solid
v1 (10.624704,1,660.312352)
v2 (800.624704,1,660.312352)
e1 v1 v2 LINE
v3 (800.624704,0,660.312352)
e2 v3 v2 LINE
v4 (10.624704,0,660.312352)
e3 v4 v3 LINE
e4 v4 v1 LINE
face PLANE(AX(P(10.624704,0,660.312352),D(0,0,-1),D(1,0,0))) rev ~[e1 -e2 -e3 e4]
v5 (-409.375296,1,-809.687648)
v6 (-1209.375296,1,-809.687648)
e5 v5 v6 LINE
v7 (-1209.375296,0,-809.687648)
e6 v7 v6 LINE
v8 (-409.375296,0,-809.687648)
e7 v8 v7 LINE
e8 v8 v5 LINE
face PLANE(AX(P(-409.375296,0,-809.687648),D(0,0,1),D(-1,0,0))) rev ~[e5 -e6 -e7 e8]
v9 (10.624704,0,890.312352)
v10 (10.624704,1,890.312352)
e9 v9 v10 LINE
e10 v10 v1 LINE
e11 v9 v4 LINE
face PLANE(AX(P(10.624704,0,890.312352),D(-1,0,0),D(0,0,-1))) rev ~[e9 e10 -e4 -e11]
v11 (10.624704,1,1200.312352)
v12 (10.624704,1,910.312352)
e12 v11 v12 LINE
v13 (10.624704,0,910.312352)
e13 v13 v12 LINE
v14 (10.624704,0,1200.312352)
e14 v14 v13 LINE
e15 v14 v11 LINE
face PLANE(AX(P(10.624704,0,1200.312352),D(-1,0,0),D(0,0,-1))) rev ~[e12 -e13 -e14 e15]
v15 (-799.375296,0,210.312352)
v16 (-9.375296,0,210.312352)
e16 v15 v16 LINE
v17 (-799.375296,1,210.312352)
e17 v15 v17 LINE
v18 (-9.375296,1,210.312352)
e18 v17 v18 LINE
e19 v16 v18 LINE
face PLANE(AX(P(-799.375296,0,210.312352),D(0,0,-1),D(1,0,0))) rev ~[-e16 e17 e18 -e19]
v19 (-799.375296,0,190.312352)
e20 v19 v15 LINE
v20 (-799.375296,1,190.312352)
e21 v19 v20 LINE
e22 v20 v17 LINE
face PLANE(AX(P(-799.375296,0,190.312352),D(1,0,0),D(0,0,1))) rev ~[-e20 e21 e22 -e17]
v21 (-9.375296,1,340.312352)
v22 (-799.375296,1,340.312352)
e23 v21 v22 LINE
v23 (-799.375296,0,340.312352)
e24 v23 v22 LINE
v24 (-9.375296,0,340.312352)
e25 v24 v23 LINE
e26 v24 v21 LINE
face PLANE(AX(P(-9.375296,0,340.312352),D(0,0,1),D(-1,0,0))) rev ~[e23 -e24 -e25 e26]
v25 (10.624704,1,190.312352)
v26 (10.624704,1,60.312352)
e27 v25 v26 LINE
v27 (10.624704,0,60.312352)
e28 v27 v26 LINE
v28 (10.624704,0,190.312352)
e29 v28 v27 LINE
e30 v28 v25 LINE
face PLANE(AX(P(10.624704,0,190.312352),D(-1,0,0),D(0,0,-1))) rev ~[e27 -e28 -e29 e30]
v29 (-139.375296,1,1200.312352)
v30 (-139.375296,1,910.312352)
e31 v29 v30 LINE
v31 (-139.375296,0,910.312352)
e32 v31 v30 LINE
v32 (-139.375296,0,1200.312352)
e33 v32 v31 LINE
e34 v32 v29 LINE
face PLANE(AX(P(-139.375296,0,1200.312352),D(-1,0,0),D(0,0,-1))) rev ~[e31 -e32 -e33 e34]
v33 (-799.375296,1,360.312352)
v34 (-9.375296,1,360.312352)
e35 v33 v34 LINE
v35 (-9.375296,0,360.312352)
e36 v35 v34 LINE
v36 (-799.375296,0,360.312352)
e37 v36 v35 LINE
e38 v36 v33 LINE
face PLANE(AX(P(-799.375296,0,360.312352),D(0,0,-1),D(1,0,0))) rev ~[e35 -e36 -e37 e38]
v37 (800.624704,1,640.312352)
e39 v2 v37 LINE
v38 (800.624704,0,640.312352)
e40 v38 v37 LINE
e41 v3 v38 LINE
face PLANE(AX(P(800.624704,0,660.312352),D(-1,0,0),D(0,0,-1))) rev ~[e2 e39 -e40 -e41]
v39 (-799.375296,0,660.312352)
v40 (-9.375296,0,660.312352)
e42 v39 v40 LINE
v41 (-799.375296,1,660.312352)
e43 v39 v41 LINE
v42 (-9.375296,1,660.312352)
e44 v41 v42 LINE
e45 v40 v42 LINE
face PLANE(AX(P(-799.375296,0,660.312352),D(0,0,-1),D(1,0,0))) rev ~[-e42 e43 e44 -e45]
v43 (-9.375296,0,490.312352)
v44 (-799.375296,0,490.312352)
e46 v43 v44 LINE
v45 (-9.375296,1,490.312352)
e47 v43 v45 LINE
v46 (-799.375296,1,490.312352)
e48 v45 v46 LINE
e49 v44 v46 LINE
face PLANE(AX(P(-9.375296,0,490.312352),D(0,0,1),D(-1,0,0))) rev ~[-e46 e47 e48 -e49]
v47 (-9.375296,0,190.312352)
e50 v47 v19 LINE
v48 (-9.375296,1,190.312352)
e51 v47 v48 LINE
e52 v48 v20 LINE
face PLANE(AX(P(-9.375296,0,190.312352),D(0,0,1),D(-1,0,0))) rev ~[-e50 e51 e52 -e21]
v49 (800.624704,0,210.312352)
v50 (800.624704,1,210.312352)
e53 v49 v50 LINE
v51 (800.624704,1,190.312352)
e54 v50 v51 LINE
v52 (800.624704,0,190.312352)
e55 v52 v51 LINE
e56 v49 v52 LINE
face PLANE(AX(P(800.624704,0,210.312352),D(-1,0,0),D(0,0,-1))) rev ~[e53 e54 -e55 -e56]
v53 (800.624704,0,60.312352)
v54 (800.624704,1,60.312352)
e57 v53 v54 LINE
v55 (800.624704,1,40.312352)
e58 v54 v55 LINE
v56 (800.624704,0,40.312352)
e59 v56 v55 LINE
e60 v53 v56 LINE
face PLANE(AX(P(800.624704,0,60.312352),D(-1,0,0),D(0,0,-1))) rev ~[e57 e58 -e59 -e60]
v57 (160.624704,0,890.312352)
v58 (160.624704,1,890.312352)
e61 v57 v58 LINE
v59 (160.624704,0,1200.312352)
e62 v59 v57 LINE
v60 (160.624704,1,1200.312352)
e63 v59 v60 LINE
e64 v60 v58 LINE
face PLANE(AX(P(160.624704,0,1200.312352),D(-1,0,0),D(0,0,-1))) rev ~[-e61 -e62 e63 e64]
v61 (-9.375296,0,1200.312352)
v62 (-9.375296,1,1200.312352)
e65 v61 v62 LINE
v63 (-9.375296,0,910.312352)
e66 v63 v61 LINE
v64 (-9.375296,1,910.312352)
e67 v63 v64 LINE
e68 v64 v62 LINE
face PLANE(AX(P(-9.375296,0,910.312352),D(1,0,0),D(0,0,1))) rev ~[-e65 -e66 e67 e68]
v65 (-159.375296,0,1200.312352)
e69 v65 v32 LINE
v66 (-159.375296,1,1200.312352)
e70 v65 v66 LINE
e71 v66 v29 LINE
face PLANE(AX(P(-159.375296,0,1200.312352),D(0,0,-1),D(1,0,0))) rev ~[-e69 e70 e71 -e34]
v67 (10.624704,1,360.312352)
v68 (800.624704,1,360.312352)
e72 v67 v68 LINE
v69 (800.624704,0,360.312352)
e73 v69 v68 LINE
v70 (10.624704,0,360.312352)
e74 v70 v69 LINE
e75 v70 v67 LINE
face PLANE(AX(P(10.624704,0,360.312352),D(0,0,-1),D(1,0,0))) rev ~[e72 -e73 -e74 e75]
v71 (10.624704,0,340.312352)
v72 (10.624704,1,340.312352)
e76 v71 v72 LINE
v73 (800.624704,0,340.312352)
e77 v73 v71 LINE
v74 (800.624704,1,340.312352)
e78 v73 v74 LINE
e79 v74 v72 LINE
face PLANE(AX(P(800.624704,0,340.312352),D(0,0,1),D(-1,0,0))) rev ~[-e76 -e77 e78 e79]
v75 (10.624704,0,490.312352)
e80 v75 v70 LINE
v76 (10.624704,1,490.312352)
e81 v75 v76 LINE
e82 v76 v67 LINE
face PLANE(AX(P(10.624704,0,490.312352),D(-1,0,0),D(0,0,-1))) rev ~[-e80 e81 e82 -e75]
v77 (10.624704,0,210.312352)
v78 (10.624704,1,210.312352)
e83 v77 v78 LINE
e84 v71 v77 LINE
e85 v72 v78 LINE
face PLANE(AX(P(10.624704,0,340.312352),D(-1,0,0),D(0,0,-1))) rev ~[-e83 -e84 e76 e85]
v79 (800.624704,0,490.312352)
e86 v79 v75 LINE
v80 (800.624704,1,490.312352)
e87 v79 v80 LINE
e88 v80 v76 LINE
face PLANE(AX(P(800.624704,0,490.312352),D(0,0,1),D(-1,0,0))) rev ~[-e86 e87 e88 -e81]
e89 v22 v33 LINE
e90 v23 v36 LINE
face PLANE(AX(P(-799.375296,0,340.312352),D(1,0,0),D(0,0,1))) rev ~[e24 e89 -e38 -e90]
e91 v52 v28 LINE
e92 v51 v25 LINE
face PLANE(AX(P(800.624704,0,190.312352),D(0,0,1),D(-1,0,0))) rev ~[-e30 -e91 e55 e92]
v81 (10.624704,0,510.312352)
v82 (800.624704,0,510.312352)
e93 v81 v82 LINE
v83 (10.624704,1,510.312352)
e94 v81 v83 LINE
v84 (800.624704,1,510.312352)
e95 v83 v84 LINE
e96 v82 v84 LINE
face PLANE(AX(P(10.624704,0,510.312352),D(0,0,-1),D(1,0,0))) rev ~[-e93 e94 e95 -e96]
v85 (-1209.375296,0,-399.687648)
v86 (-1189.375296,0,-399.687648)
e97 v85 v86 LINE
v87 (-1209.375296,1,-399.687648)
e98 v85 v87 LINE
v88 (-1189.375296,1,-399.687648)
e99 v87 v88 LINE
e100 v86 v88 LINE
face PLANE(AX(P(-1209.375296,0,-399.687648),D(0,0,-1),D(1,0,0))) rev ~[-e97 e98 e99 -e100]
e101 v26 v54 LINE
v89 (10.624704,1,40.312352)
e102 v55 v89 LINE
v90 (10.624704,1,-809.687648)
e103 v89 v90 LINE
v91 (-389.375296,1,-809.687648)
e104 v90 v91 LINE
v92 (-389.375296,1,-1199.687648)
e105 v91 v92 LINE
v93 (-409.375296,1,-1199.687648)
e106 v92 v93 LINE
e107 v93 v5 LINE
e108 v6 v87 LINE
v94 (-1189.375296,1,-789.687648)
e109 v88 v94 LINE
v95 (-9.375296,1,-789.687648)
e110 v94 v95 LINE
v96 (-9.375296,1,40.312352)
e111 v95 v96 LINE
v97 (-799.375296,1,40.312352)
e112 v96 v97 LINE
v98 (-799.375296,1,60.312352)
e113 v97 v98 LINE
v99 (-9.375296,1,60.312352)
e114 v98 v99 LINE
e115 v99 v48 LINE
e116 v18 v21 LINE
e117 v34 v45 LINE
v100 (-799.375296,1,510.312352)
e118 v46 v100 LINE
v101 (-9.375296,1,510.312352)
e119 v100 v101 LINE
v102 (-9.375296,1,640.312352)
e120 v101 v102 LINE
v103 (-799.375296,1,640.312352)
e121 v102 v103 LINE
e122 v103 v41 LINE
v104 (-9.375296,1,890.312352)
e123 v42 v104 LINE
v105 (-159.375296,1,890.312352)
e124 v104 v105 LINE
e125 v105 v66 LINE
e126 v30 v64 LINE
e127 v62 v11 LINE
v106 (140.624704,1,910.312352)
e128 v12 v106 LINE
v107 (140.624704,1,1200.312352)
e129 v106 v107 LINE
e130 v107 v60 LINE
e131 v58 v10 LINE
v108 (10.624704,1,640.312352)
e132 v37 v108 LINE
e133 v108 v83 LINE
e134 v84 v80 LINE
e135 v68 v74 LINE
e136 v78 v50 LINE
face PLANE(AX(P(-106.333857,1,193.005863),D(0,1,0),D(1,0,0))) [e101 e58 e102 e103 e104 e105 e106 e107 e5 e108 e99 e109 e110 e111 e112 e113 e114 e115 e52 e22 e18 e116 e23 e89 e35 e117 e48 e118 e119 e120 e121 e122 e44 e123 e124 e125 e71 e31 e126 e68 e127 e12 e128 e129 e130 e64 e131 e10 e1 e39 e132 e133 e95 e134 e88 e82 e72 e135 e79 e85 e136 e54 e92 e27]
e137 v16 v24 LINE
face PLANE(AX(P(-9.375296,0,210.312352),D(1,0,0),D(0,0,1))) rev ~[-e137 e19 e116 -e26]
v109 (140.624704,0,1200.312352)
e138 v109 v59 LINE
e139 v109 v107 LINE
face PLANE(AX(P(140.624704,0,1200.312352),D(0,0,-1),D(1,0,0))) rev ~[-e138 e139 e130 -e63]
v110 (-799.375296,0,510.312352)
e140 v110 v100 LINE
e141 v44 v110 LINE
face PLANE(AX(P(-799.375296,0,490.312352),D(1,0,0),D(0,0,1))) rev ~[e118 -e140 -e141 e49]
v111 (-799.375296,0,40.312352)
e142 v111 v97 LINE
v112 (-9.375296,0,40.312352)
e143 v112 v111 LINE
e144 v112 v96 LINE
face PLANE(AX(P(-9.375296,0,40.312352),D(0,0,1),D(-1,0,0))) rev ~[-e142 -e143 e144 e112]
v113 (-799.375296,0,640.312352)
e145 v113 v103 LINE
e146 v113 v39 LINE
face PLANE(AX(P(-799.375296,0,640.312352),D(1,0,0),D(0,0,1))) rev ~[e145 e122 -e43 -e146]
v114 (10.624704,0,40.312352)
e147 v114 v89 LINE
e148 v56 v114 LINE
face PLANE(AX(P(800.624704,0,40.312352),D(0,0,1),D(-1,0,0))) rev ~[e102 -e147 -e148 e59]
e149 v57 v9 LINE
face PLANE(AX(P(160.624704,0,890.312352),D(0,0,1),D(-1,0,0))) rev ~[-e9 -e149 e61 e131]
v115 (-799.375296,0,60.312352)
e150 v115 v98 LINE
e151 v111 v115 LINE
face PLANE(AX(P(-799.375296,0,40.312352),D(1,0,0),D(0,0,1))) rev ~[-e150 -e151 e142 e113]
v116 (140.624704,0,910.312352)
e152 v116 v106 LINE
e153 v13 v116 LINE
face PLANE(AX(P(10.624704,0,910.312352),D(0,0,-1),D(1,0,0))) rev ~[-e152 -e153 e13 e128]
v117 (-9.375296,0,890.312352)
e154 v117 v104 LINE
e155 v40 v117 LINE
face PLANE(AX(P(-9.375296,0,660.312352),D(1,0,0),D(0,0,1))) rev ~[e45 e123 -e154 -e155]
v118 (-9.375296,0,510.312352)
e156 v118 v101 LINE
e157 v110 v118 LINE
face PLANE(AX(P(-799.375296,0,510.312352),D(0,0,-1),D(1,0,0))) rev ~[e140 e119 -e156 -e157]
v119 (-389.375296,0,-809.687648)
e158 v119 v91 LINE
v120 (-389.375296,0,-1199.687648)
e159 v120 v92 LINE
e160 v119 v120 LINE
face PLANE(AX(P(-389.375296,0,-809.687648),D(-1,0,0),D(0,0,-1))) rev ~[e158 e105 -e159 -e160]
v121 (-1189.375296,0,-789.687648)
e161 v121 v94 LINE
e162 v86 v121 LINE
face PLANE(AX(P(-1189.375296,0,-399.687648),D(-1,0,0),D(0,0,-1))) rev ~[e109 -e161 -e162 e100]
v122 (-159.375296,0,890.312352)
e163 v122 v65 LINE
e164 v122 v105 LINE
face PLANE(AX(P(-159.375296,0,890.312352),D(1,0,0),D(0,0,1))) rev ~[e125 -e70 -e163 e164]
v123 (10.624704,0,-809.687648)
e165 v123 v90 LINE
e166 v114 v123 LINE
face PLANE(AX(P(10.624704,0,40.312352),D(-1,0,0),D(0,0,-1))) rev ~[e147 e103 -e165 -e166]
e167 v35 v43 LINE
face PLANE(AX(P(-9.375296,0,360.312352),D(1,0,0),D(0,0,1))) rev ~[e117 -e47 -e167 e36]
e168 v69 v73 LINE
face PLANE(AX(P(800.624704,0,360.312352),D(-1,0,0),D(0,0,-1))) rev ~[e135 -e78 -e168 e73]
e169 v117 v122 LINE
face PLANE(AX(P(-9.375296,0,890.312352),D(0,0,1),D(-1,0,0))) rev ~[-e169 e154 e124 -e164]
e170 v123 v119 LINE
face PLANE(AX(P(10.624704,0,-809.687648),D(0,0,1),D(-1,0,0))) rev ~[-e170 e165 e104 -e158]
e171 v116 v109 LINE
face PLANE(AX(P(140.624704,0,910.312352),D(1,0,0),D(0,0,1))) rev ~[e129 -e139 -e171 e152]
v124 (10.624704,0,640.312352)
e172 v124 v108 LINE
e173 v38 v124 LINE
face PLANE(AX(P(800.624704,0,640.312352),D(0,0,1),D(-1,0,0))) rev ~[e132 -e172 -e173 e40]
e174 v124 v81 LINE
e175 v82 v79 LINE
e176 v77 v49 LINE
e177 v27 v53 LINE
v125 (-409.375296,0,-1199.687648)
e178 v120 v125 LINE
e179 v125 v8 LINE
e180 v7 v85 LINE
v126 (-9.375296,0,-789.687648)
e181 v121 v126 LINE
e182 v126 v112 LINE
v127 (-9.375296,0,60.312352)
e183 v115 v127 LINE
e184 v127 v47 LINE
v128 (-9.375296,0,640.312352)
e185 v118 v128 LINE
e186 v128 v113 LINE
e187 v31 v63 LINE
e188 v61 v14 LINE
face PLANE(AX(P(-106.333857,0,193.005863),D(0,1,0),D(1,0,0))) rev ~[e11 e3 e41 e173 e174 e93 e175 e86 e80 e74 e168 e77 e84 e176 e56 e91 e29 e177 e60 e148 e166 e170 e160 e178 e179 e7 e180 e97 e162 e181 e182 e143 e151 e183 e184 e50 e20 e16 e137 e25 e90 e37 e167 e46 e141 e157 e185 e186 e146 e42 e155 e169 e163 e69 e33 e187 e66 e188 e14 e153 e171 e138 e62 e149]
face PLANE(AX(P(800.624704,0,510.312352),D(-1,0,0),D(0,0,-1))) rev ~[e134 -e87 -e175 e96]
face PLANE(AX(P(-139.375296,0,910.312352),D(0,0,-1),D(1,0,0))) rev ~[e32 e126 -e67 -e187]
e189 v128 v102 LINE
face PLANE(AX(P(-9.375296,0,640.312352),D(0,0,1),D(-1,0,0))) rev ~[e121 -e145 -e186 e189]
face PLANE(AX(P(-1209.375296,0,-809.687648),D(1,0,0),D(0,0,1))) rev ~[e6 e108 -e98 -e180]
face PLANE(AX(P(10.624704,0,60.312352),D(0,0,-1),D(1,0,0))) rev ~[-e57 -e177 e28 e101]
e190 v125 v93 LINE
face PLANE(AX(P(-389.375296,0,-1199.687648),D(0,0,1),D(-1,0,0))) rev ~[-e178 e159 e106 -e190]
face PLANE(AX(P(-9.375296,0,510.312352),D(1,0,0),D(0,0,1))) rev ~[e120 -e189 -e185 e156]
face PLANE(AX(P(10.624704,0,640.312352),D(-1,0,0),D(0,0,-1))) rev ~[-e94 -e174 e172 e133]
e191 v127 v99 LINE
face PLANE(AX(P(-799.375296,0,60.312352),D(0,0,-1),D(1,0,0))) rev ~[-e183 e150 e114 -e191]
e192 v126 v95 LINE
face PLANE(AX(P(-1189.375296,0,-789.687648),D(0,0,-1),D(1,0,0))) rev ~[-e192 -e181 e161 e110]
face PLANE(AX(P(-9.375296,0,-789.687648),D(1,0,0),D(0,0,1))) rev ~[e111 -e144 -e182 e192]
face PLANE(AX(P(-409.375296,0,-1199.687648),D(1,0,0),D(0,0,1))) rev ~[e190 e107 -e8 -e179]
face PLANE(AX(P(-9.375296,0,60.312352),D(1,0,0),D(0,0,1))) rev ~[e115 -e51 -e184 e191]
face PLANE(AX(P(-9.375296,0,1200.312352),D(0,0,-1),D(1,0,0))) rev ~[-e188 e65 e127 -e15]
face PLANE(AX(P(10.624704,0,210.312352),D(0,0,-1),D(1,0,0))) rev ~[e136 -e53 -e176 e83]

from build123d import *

# Parameters (mm, degrees)
EXTRUDE_1_DEPTH = 1


with BuildPart() as part:
    # 草图2 → 凸台-拉伸1 (new body)
    with BuildSketch(Plane(origin=(0, 0, 0), x_dir=(1, 0, 0), z_dir=(0, 1, 0))):
        Polygon((-1189.375295585, 399.687647792), (-1189.375295585, 789.687647792), (-9.375295585, 789.687647792), (-9.375295585, -40.312352208), (-799.375295585, -40.312352208), (-799.375295585, -60.312352208), (-9.375295585, -60.312352208), (-9.375295585, -190.312352208), (-799.375295585, -190.312352208), (-799.375295585, -210.312352208), (-9.375295585, -210.312352208), (-9.375295585, -340.312352208), (-799.375295585, -340.312352208), (-799.375295585, -360.312352208), (-9.375295585, -360.312352208), (-9.375295585, -490.312352208), (-799.375295585, -490.312352208), (-799.375295585, -510.312352208), (-9.375295585, -510.312352208), (-9.375295585, -640.312352208), (-799.375295585, -640.312352208), (-799.375295585, -660.312352208), (-9.375295585, -660.312352208), (-9.375295585, -890.312352208), (-159.375295585, -890.312352208), (-159.375295585, -1200.312352208), (-139.375295585, -1200.312352208), (-139.375295585, -910.312352208), (-9.375295585, -910.312352208), (-9.375295585, -1200.312352208), (10.624704415, -1200.312352208), (10.624704415, -910.312352208), (140.624704415, -910.312352208), (140.624704415, -1200.312352208), (160.624704415, -1200.312352208), (160.624704415, -890.312352208), (10.624704415, -890.312352208), (10.624704415, -660.312352208), (800.624704415, -660.312352208), (800.624704415, -640.312352208), (10.624704415, -640.312352208), (10.624704415, -510.312352208), (800.624704415, -510.312352208), (800.624704415, -490.312352208), (10.624704415, -490.312352208), (10.624704415, -360.312352208), (800.624704415, -360.312352208), (800.624704415, -340.312352208), (10.624704415, -340.312352208), (10.624704415, -210.312352208), (800.624704415, -210.312352208), (800.624704415, -190.312352208), (10.624704415, -190.312352208), (10.624704415, -60.312352208), (800.624704415, -60.312352208), (800.624704415, -40.312352208), (10.624704415, -40.312352208), (10.624704415, 799.687647792), (10.624704415, 809.687647792), (-389.375295585, 809.687647792), (-389.375295585, 1199.687647792), (-409.375295585, 1199.687647792), (-409.375295585, 809.687647792), (-1209.375295585, 809.687647792), (-1209.375295585, 399.687647792), align=None)
    extrude(amount=EXTRUDE_1_DEPTH)


solid = part.part
